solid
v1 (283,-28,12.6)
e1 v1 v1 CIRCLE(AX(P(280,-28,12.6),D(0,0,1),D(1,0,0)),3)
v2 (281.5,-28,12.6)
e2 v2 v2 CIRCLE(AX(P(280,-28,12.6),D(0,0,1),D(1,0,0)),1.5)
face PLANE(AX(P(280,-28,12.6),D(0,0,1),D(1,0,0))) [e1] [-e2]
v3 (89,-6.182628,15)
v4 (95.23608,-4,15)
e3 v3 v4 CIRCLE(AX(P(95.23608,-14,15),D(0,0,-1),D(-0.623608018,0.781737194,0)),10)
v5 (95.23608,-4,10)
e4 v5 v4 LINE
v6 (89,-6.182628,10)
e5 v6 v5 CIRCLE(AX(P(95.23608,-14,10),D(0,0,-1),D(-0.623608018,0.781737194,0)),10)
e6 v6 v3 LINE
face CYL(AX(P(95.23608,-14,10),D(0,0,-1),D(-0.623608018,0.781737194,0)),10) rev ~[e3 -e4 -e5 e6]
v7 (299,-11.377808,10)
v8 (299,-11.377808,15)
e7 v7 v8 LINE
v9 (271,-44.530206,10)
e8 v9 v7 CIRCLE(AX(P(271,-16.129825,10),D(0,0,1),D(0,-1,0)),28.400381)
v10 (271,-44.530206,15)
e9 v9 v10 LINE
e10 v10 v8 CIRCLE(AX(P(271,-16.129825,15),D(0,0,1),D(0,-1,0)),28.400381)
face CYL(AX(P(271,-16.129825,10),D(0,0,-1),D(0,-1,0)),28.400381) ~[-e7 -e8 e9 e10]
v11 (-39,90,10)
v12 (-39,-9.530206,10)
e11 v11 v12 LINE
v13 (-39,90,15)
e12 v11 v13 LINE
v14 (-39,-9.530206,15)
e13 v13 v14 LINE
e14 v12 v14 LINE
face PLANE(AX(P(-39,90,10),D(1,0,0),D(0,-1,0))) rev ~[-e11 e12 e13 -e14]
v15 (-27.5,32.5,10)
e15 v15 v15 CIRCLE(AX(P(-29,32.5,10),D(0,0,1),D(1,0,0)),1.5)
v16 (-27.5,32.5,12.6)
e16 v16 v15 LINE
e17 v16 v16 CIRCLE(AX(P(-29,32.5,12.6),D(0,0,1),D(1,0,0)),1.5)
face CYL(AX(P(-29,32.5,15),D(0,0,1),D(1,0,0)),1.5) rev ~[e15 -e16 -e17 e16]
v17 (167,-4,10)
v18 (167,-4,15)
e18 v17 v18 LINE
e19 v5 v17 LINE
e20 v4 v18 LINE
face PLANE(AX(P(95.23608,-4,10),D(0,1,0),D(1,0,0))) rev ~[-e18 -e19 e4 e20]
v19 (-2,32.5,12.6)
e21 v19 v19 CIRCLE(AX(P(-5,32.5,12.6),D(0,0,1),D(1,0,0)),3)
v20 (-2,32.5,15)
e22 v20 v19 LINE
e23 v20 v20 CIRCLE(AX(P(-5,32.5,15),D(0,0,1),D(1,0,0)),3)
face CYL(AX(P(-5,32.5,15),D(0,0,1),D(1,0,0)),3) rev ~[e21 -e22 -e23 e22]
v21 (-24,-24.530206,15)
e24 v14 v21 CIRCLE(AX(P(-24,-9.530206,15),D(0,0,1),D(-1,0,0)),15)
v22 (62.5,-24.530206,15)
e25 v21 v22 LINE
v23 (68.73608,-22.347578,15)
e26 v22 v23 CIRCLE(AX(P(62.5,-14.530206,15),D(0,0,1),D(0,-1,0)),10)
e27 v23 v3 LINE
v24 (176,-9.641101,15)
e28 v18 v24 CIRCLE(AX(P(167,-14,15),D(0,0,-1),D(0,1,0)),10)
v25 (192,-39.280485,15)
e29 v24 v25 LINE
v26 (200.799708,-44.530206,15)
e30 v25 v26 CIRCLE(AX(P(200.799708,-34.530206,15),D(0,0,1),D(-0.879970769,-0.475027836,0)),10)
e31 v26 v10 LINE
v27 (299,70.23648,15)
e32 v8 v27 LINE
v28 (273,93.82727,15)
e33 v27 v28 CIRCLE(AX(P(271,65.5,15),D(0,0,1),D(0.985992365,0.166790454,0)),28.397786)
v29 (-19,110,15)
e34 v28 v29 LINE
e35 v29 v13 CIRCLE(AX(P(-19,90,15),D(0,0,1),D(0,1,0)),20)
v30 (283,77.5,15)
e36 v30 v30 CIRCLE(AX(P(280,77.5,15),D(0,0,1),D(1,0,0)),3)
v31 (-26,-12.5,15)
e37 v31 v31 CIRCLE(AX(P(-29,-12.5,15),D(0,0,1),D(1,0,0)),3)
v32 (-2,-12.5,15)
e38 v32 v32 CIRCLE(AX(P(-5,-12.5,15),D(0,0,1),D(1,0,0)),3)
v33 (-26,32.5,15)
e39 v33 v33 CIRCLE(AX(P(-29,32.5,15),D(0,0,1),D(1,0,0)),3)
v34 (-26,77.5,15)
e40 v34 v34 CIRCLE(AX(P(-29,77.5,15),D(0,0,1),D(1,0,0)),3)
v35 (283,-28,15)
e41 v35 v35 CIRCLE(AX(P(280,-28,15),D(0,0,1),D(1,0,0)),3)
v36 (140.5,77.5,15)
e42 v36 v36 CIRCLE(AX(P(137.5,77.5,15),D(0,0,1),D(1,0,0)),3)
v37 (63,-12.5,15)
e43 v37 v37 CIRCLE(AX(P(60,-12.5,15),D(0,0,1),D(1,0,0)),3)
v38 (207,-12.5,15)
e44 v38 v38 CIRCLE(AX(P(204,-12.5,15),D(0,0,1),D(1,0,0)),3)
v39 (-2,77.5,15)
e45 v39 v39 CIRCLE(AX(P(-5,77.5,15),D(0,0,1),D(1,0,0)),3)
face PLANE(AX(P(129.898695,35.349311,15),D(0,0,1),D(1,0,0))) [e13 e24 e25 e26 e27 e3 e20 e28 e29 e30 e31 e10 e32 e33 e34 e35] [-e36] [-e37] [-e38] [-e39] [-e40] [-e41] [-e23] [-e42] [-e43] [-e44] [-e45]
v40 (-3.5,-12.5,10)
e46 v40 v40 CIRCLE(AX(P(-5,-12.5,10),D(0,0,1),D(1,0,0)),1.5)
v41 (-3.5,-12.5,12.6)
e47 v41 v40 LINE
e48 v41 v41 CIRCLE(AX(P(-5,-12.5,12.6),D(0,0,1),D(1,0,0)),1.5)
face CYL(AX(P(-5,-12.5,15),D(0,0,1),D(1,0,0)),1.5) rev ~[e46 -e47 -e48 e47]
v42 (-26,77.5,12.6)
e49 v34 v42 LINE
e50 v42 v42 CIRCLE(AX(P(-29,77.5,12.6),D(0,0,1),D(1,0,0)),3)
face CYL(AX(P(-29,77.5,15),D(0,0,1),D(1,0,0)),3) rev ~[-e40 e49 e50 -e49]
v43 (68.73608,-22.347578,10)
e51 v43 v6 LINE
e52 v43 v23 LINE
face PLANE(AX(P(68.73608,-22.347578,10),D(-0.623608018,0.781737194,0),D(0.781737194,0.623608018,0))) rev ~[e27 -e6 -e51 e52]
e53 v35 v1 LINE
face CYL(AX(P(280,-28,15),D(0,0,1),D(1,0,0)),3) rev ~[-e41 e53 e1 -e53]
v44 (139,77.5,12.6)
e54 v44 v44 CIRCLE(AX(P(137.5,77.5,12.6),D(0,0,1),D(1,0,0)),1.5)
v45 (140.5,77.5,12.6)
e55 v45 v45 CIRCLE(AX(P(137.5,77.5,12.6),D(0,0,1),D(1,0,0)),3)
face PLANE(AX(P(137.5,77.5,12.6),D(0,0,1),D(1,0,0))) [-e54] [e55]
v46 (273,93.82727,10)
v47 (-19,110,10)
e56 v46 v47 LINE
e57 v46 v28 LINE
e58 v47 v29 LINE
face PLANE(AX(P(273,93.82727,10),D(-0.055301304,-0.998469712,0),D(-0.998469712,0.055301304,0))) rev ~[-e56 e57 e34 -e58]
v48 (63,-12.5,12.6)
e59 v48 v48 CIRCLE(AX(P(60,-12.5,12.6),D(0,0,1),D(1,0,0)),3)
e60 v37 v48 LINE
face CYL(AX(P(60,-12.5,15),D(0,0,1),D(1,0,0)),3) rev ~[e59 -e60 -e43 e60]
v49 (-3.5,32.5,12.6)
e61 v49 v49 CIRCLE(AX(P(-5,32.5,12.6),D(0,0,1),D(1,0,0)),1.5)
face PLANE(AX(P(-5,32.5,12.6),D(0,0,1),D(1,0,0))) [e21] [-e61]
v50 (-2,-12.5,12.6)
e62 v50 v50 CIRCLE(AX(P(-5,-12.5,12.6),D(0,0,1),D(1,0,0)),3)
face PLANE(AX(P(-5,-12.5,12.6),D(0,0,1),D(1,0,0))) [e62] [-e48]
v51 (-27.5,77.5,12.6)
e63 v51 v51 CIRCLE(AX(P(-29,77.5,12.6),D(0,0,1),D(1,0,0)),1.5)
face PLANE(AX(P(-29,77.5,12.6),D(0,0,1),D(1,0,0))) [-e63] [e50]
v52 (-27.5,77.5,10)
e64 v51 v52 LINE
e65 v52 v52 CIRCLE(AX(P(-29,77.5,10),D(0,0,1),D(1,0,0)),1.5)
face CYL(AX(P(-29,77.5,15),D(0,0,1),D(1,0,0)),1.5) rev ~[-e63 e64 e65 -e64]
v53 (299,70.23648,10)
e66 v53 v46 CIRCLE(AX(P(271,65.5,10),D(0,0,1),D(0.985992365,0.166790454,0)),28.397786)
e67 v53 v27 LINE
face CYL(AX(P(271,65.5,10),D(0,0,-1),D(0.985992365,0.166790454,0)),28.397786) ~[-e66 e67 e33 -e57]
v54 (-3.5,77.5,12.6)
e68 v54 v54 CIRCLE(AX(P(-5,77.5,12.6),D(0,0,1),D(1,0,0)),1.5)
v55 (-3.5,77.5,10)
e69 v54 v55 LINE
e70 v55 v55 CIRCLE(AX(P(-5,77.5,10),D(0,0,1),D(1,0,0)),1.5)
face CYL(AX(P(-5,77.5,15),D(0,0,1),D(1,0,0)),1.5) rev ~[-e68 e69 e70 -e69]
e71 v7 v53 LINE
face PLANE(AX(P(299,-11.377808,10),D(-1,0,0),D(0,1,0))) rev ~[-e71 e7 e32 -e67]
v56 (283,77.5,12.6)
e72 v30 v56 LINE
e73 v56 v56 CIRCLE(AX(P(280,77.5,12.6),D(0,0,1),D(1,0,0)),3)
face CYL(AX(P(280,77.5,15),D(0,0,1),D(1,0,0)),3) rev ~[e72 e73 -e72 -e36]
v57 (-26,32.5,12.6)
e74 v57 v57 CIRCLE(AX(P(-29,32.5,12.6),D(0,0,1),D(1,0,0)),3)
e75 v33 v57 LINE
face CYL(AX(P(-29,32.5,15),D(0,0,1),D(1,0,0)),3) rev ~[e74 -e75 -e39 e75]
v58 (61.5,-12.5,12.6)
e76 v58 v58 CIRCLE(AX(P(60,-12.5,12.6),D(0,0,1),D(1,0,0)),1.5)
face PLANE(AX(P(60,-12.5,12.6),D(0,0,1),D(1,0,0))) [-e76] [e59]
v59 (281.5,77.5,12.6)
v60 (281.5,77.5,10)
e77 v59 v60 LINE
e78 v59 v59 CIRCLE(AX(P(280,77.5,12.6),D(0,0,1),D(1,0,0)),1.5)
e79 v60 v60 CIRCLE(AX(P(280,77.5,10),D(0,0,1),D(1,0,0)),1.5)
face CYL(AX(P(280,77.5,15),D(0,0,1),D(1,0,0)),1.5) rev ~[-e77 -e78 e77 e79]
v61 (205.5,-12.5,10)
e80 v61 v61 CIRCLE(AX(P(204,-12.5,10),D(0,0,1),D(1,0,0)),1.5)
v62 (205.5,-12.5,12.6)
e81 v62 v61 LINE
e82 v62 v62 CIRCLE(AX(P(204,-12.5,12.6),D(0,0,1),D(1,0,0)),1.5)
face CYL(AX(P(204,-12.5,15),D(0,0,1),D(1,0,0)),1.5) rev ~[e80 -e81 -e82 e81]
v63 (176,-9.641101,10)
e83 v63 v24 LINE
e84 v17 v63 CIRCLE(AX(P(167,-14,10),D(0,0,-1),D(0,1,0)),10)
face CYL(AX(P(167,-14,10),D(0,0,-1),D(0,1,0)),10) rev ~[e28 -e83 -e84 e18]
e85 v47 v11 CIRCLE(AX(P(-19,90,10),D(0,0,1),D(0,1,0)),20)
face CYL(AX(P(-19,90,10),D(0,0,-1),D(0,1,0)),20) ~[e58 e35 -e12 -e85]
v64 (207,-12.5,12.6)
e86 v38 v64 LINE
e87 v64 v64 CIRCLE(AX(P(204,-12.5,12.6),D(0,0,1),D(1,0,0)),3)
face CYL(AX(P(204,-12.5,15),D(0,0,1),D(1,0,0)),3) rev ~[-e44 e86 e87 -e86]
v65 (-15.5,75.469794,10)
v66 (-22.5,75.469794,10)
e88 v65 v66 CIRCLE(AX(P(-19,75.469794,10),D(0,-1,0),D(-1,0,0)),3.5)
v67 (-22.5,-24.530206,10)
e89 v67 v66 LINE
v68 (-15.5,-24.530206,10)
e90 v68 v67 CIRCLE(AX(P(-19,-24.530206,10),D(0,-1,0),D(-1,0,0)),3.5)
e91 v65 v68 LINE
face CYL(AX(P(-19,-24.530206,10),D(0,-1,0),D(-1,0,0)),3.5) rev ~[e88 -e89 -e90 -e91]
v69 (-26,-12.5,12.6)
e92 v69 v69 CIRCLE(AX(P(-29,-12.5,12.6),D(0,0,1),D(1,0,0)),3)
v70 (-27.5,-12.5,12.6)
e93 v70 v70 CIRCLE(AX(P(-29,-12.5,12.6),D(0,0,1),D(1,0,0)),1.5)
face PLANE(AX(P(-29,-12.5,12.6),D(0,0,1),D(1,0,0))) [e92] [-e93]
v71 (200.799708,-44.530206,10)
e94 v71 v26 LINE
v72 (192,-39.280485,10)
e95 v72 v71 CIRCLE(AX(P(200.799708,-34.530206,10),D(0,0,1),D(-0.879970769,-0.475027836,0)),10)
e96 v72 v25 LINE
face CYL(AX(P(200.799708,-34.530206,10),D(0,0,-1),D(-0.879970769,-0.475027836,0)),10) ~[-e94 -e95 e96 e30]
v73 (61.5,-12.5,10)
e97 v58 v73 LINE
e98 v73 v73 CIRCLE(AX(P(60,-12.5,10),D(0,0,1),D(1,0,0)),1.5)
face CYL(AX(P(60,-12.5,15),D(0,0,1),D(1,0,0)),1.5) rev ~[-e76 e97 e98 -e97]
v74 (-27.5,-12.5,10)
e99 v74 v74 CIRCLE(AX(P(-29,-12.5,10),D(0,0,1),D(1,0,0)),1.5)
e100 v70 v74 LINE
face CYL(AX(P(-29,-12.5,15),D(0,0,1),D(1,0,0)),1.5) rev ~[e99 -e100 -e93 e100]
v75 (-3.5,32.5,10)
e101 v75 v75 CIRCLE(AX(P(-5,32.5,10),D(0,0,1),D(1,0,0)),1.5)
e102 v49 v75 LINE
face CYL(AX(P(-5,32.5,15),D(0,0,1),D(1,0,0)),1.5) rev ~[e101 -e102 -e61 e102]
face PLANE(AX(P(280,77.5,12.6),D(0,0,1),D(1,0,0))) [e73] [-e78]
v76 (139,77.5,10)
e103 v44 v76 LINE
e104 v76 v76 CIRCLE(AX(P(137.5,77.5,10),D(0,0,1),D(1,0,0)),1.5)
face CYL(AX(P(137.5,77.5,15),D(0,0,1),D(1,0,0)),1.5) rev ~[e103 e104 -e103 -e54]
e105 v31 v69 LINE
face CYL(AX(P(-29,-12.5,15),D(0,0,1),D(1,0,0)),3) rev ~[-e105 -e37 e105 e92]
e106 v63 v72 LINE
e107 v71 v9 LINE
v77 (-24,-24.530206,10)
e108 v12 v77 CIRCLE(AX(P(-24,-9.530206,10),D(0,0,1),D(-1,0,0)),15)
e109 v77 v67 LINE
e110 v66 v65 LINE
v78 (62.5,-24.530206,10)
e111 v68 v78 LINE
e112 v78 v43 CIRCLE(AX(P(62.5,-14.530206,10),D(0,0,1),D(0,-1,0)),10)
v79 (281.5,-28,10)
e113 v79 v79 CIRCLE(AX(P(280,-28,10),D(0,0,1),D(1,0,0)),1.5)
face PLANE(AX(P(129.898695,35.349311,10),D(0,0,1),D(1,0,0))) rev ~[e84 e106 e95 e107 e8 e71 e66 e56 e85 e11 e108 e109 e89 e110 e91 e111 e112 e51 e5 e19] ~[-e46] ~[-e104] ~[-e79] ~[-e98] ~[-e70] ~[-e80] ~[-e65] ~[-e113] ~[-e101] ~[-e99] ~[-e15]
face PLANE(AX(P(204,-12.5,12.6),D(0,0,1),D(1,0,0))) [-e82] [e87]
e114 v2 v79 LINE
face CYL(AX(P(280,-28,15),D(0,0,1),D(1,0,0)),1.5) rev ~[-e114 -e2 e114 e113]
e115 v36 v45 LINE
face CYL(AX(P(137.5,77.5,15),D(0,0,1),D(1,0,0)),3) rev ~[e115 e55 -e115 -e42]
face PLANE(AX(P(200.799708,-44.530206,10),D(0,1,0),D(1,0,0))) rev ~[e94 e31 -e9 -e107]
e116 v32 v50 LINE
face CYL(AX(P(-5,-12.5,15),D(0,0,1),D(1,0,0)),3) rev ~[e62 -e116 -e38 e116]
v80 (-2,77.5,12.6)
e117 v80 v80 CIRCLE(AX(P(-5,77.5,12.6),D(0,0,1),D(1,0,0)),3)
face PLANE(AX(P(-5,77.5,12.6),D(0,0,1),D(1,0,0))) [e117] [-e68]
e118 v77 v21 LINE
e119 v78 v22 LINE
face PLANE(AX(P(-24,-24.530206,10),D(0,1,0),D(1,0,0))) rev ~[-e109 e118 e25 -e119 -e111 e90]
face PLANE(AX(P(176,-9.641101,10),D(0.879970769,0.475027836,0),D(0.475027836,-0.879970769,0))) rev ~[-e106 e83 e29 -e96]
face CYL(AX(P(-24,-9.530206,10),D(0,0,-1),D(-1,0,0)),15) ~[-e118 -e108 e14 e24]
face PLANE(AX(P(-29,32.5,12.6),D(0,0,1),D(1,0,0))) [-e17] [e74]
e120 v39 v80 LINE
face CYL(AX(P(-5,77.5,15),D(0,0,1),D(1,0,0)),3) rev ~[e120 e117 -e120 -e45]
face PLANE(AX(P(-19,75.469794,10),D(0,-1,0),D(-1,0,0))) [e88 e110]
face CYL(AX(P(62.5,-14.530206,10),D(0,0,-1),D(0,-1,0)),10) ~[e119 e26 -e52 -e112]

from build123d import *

# Parameters (mm, degrees)
DODANIE_WYCI_GNI_CIE1_DEPTH = 5
SZKIC1_R                    = 3.5
WYTNIJ_WYCI_GNI_CIE1_DEPTH  = 100
SZKIC3_R                    = 1.5
WYTNIJ_WYCI_GNI_CIE3_DEPTH  = 5
SZKIC5_R                    = 3
WYTNIJ_WYCI_GNI_CIE4_DEPTH  = 2.4


with BuildPart() as part:
    # outer-wire → Dodanie-wyciągnięcie1 (new body)
    with BuildSketch(Plane.XY):
        with BuildLine():
            Line((-24, -24.53020641), (62.5, -24.53020641))
            ThreePointArc((62.5, -24.53020641), (65.803504247, -23.968789974), (68.736080178, -22.347578348))
            Line((68.736080178, -22.347578348), (89, -6.182628062))
            ThreePointArc((89, -6.182628062), (91.932575931, -4.561416436), (95.236080178, -4))
            Line((95.236080178, -4), (167, -4))
            ThreePointArc((167, -4), (172.310885546, -5.526836794), (176, -9.641101056))
            Line((176, -9.641101056), (192, -39.280484771))
            ThreePointArc((192, -39.280484771), (195.676368139, -43.118069462), (200.799707694, -44.53020641))
            Line((200.799707694, -44.53020641), (271, -44.53020641))
            ThreePointArc((271, -44.53020641), (292.697243682, -34.454979346), (299, -11.3778078))
            Line((299, -11.3778078), (299, 70.236479581))
            ThreePointArc((299, 70.236479581), (290.082226047, 86.530998263), (273, 93.827270232))
            Line((273, 93.827270232), (-19, 110))
            ThreePointArc((-19, 110), (-33.142135624, 104.142135624), (-39, 90))
            Line((-39, 90), (-39, -9.53020641))
            ThreePointArc((-39, -9.53020641), (-34.606601718, -20.136808128), (-24, -24.53020641))
        make_face()
    extrude(amount=DODANIE_WYCI_GNI_CIE1_DEPTH)

    # Szkic1 → Wytnij-wyciągnięcie1 (cut)
    with BuildSketch(Plane(origin=(0, -24.53020641, 0), x_dir=(-1, 0, 0), z_dir=(0, -1, 0))):
        with Locations((19, 0)):
            Circle(SZKIC1_R)
    extrude(amount=-WYTNIJ_WYCI_GNI_CIE1_DEPTH, mode=Mode.SUBTRACT)

    # Szkic3 → Wytnij-wyciągnięcie3 (cut)
    with BuildSketch(Plane.XY.offset(5)):
        with Locations((280, -28)):
            Circle(SZKIC3_R)
        with Locations((280, 77.5)):
            Circle(SZKIC3_R)
        with Locations((-5, 77.5)):
            Circle(SZKIC3_R)
        with Locations((-29, 77.5)):
            Circle(SZKIC3_R)
        with Locations((-29, -12.5)):
            Circle(SZKIC3_R)
        with Locations((-29, 32.5)):
            Circle(SZKIC3_R)
        with Locations((-5, 32.5)):
            Circle(SZKIC3_R)
        with Locations((-5, -12.5)):
            Circle(SZKIC3_R)
        with Locations((60, -12.5)):
            Circle(SZKIC3_R)
        with Locations((204, -12.5)):
            Circle(SZKIC3_R)
        with Locations((137.5, 77.5)):
            Circle(SZKIC3_R)
    extrude(amount=-WYTNIJ_WYCI_GNI_CIE3_DEPTH, mode=Mode.SUBTRACT)

    # Szkic5 → Wytnij-wyciągnięcie4 (cut)
    with BuildSketch(Plane.XY.offset(5)):
        with Locations((-29, -12.5)):
            Circle(SZKIC5_R)
        with Locations((-29, 32.5)):
            Circle(SZKIC5_R)
        with Locations((-29, 77.5)):
            Circle(SZKIC5_R)
        with Locations((-5, 77.5)):
            Circle(SZKIC5_R)
        with Locations((-5, 32.5)):
            Circle(SZKIC5_R)
        with Locations((-5, -12.5)):
            Circle(SZKIC5_R)
        with Locations((60, -12.5)):
            Circle(SZKIC5_R)
        with Locations((137.5, 77.5)):
            Circle(SZKIC5_R)
        with Locations((204, -12.5)):
            Circle(SZKIC5_R)
        with Locations((280, -28)):
            Circle(SZKIC5_R)
        with Locations((280, 77.5)):
            Circle(SZKIC5_R)
    extrude(amount=-WYTNIJ_WYCI_GNI_CIE4_DEPTH, mode=Mode.SUBTRACT)


with BuildPart() as body_2:
    # Lustro4: mirrored copy
    add(part.part.mirror(Plane.XY.offset(5)))


with BuildPart() as body_2_2:
    # Lustro5: mirrored copy
    add(body_2.part.mirror(Plane(origin=(-24, -9.53020641, 10), x_dir=(1, 0, 0), z_dir=(0, 0, -1))))


with BuildPart() as body_2_3:
    # Lustro6: mirrored copy
    add(body_2_2.part.mirror(Plane(origin=(-24, -9.53020641, 10), x_dir=(1, 0, 0), z_dir=(0, 0, 1))))


with BuildPart() as body_2_4:
    # Lustro7: mirrored copy
    add(body_2_3.part.mirror(Plane(origin=(-24, -9.53020641, 10), x_dir=(1, 0, 0), z_dir=(0, 0, -1))))


solid = body_2_4.part
